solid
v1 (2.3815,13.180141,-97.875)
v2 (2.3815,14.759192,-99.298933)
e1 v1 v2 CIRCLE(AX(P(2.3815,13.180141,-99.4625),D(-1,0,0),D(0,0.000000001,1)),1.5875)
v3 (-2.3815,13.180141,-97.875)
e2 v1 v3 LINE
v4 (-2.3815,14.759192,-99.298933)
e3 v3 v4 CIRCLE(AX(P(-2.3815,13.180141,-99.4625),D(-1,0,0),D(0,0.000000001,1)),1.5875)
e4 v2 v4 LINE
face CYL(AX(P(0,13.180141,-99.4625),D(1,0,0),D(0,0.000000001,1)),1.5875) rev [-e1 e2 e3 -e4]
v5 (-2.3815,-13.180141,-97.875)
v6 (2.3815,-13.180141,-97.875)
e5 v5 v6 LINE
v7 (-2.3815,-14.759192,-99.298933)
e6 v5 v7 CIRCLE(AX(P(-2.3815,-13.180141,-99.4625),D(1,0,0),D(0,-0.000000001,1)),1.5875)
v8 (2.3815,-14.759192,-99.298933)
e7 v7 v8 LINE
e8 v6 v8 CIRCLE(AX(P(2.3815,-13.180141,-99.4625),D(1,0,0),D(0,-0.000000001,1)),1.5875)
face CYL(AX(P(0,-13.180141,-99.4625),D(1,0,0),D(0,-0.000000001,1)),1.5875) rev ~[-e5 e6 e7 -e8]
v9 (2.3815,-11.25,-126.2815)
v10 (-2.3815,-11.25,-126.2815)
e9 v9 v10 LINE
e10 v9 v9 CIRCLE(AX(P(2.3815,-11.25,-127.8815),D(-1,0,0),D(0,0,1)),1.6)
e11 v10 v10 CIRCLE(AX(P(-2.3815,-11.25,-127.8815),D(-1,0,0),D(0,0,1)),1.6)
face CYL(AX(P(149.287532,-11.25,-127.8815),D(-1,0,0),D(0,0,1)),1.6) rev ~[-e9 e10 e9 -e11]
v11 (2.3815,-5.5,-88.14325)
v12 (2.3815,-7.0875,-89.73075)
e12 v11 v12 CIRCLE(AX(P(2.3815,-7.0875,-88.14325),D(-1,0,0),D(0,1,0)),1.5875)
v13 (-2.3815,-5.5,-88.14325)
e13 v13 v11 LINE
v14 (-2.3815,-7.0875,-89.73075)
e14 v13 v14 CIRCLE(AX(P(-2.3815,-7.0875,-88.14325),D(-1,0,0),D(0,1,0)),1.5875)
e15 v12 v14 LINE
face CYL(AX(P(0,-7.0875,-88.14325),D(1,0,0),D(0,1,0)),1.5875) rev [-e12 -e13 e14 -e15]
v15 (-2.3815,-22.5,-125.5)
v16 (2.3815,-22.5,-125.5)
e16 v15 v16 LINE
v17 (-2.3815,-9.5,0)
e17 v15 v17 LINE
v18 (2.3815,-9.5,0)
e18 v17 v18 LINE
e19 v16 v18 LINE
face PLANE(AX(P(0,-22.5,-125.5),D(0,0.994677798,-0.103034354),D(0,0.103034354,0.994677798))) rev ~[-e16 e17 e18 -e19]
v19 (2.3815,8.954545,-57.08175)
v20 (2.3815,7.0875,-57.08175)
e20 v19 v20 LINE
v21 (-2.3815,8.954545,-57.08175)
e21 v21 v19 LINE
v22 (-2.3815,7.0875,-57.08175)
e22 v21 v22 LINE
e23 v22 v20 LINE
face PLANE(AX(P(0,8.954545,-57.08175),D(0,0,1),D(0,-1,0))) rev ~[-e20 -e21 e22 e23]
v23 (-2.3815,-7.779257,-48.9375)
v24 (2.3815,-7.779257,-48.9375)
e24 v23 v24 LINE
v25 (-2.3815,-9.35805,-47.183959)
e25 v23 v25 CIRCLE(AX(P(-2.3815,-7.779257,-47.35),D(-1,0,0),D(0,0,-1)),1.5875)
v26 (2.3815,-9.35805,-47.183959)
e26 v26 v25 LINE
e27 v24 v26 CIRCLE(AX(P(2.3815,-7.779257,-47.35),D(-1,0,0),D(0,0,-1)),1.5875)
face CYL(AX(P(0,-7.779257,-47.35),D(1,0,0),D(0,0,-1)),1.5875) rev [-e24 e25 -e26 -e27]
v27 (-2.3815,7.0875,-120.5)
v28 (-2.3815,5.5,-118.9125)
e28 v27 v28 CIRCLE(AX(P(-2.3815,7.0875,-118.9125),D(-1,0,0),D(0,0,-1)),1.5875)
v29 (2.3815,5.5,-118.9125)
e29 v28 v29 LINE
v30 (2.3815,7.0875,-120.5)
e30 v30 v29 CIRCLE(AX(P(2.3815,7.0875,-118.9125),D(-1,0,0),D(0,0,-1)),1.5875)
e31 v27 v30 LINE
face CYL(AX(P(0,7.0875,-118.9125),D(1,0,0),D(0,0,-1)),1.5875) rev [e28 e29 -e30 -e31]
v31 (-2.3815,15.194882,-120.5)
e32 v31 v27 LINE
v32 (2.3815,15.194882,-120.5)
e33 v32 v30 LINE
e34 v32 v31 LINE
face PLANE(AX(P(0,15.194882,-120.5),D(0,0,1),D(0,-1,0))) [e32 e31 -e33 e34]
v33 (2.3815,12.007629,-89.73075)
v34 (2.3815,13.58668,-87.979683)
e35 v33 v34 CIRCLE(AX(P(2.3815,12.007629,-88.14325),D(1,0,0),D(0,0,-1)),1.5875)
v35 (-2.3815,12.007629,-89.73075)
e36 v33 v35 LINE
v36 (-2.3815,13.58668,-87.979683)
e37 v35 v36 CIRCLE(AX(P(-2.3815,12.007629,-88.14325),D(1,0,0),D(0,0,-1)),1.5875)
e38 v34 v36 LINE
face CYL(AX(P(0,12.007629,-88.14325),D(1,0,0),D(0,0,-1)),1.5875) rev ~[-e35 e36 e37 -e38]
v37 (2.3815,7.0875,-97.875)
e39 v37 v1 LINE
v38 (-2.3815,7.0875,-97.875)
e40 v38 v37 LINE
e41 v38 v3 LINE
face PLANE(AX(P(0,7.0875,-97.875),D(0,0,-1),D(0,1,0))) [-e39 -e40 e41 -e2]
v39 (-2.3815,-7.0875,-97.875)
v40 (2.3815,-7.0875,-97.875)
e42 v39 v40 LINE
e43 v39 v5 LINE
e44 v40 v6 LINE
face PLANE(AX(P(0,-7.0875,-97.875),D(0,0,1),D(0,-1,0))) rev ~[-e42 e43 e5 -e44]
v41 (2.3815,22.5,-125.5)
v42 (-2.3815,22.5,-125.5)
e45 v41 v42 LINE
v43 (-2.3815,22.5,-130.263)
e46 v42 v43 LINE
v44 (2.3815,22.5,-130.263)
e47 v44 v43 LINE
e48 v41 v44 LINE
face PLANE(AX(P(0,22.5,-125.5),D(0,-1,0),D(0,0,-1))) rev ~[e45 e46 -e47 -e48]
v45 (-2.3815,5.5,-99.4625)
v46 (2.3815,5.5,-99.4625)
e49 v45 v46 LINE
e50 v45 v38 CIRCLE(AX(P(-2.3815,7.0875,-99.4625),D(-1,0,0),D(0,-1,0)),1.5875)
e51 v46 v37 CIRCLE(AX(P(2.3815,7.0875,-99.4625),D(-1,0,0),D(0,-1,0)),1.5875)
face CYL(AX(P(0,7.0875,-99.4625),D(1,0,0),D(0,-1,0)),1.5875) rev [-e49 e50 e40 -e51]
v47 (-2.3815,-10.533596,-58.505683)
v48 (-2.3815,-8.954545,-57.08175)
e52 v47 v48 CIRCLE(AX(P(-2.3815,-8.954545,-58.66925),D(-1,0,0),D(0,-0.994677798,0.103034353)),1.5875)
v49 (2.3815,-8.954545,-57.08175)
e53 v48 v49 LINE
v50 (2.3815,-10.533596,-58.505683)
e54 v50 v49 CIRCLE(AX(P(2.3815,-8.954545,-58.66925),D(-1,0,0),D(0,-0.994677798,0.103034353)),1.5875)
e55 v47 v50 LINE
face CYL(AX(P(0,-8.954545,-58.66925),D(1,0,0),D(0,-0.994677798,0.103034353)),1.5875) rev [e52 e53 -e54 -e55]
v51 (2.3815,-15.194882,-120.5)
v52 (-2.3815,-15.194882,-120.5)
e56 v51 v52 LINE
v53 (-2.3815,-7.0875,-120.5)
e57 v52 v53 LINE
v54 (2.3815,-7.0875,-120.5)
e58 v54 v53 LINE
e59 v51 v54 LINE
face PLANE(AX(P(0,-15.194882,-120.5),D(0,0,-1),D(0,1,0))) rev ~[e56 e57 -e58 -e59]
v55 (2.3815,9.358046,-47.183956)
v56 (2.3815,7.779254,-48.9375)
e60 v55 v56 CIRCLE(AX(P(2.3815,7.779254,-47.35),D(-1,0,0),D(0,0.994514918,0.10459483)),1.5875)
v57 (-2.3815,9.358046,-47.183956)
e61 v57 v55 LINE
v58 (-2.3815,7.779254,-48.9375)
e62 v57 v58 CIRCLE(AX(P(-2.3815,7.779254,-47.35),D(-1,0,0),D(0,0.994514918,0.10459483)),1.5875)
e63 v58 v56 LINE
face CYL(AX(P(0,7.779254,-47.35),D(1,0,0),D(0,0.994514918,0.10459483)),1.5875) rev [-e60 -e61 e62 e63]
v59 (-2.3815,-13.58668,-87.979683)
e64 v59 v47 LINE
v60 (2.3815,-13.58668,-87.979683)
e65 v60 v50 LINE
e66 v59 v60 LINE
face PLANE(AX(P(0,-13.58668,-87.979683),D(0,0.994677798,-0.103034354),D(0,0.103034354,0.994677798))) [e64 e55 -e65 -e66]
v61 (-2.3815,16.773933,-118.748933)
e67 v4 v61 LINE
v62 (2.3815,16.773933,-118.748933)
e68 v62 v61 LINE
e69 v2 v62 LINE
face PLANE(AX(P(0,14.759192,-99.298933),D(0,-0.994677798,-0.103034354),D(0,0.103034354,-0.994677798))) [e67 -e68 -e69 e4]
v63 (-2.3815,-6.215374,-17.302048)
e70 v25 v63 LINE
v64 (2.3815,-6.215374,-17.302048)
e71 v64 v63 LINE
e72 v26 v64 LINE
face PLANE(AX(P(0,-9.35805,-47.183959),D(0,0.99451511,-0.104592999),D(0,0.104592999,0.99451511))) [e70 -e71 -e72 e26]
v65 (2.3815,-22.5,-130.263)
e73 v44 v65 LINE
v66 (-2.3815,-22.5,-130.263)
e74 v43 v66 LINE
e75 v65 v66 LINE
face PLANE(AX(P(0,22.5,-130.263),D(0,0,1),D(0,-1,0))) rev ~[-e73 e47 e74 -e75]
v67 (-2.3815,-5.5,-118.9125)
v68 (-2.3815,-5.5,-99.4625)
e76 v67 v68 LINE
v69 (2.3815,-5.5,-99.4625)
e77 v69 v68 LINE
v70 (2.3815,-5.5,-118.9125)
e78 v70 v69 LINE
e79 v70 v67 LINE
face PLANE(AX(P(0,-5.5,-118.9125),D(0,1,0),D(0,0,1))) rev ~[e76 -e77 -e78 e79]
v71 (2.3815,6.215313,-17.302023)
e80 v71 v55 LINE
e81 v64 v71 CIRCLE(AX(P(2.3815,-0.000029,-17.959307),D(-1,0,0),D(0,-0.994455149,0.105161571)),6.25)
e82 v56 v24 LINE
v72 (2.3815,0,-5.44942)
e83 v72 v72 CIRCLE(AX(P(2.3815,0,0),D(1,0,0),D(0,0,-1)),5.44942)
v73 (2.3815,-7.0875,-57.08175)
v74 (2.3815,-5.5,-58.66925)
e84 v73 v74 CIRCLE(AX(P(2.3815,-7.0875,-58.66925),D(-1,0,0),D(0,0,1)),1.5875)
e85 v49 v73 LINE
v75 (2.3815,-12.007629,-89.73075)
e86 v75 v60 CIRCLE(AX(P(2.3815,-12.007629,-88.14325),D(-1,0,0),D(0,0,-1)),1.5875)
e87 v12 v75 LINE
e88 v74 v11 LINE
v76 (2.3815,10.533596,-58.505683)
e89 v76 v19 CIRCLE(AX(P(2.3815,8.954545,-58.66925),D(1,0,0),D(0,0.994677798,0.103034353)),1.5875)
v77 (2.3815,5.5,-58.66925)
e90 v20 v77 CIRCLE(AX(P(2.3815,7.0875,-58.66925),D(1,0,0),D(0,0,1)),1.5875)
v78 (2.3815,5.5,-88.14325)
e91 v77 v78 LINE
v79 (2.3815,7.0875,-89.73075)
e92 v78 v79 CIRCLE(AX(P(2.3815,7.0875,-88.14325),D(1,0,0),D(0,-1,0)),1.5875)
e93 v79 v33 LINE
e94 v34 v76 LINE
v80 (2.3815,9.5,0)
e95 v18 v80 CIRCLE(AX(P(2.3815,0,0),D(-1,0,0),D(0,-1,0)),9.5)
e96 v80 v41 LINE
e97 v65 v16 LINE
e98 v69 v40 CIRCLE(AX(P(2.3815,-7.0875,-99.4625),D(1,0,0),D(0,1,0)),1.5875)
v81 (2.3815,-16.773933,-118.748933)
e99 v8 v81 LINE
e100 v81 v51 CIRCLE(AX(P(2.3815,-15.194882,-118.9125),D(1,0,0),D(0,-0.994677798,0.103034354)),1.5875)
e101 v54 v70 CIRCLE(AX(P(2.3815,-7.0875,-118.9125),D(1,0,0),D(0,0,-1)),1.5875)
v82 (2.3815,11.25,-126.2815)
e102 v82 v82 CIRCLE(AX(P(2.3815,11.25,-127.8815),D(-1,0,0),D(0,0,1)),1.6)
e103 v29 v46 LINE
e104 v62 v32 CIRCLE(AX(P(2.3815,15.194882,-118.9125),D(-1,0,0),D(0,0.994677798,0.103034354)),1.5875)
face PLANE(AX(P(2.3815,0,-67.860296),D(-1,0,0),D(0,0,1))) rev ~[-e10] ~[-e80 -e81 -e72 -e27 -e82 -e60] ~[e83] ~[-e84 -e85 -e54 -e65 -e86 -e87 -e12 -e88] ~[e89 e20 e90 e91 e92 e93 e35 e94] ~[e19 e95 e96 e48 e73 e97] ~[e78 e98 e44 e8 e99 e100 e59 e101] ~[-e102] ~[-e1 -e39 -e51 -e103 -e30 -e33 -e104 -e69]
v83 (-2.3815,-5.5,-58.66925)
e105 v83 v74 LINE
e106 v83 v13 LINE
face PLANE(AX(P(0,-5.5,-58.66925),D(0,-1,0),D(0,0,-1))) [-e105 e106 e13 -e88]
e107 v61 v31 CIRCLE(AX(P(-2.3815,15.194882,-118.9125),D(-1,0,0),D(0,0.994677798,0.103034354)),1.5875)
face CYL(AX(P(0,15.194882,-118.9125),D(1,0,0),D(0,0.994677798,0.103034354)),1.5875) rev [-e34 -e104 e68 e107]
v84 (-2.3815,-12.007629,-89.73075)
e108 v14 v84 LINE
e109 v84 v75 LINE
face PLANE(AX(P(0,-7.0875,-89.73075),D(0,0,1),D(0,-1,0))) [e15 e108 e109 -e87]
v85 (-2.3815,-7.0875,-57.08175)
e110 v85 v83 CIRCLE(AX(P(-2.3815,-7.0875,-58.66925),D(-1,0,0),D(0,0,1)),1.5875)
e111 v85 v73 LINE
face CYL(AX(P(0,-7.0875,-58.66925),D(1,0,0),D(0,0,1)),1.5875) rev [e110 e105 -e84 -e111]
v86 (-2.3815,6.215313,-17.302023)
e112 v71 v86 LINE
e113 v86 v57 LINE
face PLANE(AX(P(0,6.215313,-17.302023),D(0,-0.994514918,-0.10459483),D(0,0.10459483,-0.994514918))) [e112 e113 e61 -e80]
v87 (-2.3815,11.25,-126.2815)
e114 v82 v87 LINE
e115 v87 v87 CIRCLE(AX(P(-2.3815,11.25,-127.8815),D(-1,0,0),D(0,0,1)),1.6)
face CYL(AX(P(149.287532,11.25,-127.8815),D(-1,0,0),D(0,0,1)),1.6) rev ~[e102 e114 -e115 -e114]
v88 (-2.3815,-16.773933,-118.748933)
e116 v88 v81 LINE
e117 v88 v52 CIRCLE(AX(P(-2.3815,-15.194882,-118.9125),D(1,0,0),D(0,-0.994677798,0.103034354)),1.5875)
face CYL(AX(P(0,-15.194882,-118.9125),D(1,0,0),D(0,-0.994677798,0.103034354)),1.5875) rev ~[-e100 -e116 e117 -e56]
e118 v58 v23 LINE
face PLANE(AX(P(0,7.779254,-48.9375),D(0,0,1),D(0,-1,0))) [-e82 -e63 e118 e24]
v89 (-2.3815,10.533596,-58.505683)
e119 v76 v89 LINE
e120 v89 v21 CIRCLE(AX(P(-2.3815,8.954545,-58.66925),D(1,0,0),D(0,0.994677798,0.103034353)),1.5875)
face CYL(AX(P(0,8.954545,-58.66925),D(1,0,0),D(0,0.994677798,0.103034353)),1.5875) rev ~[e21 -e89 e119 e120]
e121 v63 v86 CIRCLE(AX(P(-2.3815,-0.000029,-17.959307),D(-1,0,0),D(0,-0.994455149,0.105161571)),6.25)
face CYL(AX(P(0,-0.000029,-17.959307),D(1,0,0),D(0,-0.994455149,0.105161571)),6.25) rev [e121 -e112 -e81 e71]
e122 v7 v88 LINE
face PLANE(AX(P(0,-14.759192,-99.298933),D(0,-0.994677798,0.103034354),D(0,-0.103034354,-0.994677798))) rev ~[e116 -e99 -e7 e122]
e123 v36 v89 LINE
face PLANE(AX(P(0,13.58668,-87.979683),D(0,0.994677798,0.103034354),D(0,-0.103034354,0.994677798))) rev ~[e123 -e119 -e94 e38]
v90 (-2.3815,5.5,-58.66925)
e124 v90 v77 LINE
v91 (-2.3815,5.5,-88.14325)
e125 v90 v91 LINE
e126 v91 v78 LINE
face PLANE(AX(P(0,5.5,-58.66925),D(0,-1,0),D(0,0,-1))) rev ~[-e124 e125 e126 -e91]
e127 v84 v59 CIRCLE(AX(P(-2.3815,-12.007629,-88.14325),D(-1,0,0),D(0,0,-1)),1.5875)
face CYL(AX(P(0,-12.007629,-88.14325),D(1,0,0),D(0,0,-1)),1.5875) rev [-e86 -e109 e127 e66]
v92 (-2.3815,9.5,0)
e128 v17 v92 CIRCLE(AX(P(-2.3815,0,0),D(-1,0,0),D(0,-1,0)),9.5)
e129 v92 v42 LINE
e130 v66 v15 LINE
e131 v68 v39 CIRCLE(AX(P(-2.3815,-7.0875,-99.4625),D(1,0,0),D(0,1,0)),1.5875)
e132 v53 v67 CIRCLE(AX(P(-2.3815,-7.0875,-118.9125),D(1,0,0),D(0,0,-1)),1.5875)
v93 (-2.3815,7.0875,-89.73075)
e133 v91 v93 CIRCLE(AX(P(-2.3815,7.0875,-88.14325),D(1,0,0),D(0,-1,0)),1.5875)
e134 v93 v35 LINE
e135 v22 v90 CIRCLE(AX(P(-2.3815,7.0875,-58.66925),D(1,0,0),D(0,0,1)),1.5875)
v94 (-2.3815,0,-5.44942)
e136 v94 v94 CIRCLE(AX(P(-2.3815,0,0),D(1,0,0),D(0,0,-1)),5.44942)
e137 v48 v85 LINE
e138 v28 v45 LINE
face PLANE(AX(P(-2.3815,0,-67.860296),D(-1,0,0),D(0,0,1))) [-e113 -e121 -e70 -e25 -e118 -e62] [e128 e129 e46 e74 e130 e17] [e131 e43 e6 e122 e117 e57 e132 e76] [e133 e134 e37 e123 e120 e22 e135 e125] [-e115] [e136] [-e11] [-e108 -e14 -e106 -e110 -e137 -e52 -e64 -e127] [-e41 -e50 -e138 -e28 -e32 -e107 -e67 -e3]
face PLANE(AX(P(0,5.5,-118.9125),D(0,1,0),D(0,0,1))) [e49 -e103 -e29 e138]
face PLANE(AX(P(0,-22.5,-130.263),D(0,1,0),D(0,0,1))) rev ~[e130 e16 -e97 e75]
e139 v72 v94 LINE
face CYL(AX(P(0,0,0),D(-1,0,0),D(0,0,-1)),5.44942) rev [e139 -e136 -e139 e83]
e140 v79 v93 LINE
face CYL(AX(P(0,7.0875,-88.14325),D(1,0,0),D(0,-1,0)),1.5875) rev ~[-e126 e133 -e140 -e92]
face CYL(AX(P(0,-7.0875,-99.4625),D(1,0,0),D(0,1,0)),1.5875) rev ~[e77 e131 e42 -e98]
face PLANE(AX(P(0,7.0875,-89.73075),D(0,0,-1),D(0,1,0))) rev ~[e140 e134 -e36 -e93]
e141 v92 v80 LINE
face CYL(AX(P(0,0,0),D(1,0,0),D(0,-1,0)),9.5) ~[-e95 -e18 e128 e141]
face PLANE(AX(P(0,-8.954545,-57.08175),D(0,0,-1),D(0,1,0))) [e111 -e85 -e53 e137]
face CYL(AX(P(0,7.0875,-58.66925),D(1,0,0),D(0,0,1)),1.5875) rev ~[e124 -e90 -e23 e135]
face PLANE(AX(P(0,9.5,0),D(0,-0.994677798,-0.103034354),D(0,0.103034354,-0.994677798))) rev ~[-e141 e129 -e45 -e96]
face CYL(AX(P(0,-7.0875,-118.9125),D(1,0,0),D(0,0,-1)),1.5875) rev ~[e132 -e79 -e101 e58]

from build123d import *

# Parameters (mm, degrees)
SKETCH1_R            = 5.44942
BOSS_EXTRUDE1_DEPTH  = 2.3815
M3_CLEARANCE_HOLE1_D = 3.2


with BuildPart() as part:
    # Sketch1 → Boss-Extrude1 (new body, symmetric)
    with BuildSketch(Plane(origin=(0, 0, 0), x_dir=(0, 0, -1), z_dir=(1, 0, 0))):
        with BuildLine():
            Line((0, 9.5), (125.5, 22.5))
            Line((125.5, 22.5), (130.263, 22.5))
            Line((130.263, 22.5), (130.263, -22.5))
            Line((130.263, -22.5), (125.5, -22.5))
            Line((125.5, -22.5), (0, -9.5))
            ThreePointArc((0, -9.5), (-9.5, 0), (0, 9.5))
        make_face()
        Circle(SKETCH1_R, mode=Mode.SUBTRACT)
        with BuildLine():
            Line((17.302023212, 6.21531268), (47.183955708, 9.358046468))
            ThreePointArc((47.183955708, 9.358046468), (48.412205474, 8.959031889), (48.9375, 7.779254036))
            Line((48.9375, 7.779254036), (48.9375, -7.779257299))
            ThreePointArc((48.9375, -7.779257299), (48.412206559, -8.959034175), (47.183958614, -9.358050037))
            Line((47.183958614, -9.358050037), (17.302047548, -6.215374112))
            ThreePointArc((17.302047548, -6.215374112), (11.709307369, -4.1665e-05), (17.302023212, 6.21531268))
        make_face(mode=Mode.SUBTRACT)
        with BuildLine():
            Line((120.5, 15.194881882), (120.5, 7.0875))
            ThreePointArc((120.5, 7.0875), (120.035032015, 5.964967985), (118.9125, 5.5))
            Line((118.9125, 5.5), (99.4625, 5.5))
            ThreePointArc((99.4625, 5.5), (98.339967985, 5.964967985), (97.875, 7.0875))
            Line((97.875, 7.0875), (97.875, 13.180140846))
            ThreePointArc((97.875, 13.180140846), (98.283555786, 14.243271501), (99.298932964, 14.759191851))
            Line((99.298932964, 14.759191851), (118.748932964, 16.773932886))
            ThreePointArc((118.748932964, 16.773932886), (119.975630655, 16.373826096), (120.5, 15.194881882))
        make_face(mode=Mode.SUBTRACT)
        with BuildLine():
            Line((120.5, -15.194881882), (120.5, -7.0875))
            ThreePointArc((120.5, -7.0875), (120.035032015, -5.964967985), (118.9125, -5.5))
            Line((118.9125, -5.5), (99.4625, -5.5))
            ThreePointArc((99.4625, -5.5), (98.339967985, -5.964967985), (97.875, -7.0875))
            Line((97.875, -7.0875), (97.875, -13.180140846))
            ThreePointArc((97.875, -13.180140846), (98.283555786, -14.243271501), (99.298932964, -14.759191851))
            Line((99.298932964, -14.759191851), (118.748932964, -16.773932886))
            ThreePointArc((118.748932964, -16.773932886), (119.975630655, -16.373826096), (120.5, -15.194881882))
        make_face(mode=Mode.SUBTRACT)
        with BuildLine():
            Line((89.73075, 7.0875), (89.73075, 12.007628894))
            ThreePointArc((89.73075, 12.007628894), (89.206380655, 13.186573108), (87.979682964, 13.586679898))
            Line((87.979682964, 13.586679898), (58.505682964, 10.533596233))
            ThreePointArc((58.505682964, 10.533596233), (57.490305786, 10.017675884), (57.08175, 8.954545229))
            Line((57.08175, 8.954545229), (57.08175, 7.0875))
            ThreePointArc((57.08175, 7.0875), (57.546717985, 5.964967985), (58.66925, 5.5))
            Line((58.66925, 5.5), (88.14325, 5.5))
            ThreePointArc((88.14325, 5.5), (89.265782015, 5.964967985), (89.73075, 7.0875))
        make_face(mode=Mode.SUBTRACT)
        with BuildLine():
            Line((89.73075, -7.0875), (89.73075, -12.007628894))
            ThreePointArc((89.73075, -12.007628894), (89.206380655, -13.186573108), (87.979682964, -13.586679898))
            Line((87.979682964, -13.586679898), (58.505682964, -10.533596233))
            ThreePointArc((58.505682964, -10.533596233), (57.490305786, -10.017675884), (57.08175, -8.954545229))
            Line((57.08175, -8.954545229), (57.08175, -7.0875))
            ThreePointArc((57.08175, -7.0875), (57.546717985, -5.964967985), (58.66925, -5.5))
            Line((58.66925, -5.5), (88.14325, -5.5))
            ThreePointArc((88.14325, -5.5), (89.265782015, -5.964967985), (89.73075, -7.0875))
        make_face(mode=Mode.SUBTRACT)
    extrude(amount=BOSS_EXTRUDE1_DEPTH, both=True)

    # M3 Clearance Hole1 (through all)
    with Locations(Plane(origin=(2.3815, 0, 0), x_dir=(0, 0, -1), z_dir=(1, 0, 0))):
        with Locations((127.8815, 11.25), (127.8815, -11.25)):
            Hole(M3_CLEARANCE_HOLE1_D / 2)


solid = part.part
